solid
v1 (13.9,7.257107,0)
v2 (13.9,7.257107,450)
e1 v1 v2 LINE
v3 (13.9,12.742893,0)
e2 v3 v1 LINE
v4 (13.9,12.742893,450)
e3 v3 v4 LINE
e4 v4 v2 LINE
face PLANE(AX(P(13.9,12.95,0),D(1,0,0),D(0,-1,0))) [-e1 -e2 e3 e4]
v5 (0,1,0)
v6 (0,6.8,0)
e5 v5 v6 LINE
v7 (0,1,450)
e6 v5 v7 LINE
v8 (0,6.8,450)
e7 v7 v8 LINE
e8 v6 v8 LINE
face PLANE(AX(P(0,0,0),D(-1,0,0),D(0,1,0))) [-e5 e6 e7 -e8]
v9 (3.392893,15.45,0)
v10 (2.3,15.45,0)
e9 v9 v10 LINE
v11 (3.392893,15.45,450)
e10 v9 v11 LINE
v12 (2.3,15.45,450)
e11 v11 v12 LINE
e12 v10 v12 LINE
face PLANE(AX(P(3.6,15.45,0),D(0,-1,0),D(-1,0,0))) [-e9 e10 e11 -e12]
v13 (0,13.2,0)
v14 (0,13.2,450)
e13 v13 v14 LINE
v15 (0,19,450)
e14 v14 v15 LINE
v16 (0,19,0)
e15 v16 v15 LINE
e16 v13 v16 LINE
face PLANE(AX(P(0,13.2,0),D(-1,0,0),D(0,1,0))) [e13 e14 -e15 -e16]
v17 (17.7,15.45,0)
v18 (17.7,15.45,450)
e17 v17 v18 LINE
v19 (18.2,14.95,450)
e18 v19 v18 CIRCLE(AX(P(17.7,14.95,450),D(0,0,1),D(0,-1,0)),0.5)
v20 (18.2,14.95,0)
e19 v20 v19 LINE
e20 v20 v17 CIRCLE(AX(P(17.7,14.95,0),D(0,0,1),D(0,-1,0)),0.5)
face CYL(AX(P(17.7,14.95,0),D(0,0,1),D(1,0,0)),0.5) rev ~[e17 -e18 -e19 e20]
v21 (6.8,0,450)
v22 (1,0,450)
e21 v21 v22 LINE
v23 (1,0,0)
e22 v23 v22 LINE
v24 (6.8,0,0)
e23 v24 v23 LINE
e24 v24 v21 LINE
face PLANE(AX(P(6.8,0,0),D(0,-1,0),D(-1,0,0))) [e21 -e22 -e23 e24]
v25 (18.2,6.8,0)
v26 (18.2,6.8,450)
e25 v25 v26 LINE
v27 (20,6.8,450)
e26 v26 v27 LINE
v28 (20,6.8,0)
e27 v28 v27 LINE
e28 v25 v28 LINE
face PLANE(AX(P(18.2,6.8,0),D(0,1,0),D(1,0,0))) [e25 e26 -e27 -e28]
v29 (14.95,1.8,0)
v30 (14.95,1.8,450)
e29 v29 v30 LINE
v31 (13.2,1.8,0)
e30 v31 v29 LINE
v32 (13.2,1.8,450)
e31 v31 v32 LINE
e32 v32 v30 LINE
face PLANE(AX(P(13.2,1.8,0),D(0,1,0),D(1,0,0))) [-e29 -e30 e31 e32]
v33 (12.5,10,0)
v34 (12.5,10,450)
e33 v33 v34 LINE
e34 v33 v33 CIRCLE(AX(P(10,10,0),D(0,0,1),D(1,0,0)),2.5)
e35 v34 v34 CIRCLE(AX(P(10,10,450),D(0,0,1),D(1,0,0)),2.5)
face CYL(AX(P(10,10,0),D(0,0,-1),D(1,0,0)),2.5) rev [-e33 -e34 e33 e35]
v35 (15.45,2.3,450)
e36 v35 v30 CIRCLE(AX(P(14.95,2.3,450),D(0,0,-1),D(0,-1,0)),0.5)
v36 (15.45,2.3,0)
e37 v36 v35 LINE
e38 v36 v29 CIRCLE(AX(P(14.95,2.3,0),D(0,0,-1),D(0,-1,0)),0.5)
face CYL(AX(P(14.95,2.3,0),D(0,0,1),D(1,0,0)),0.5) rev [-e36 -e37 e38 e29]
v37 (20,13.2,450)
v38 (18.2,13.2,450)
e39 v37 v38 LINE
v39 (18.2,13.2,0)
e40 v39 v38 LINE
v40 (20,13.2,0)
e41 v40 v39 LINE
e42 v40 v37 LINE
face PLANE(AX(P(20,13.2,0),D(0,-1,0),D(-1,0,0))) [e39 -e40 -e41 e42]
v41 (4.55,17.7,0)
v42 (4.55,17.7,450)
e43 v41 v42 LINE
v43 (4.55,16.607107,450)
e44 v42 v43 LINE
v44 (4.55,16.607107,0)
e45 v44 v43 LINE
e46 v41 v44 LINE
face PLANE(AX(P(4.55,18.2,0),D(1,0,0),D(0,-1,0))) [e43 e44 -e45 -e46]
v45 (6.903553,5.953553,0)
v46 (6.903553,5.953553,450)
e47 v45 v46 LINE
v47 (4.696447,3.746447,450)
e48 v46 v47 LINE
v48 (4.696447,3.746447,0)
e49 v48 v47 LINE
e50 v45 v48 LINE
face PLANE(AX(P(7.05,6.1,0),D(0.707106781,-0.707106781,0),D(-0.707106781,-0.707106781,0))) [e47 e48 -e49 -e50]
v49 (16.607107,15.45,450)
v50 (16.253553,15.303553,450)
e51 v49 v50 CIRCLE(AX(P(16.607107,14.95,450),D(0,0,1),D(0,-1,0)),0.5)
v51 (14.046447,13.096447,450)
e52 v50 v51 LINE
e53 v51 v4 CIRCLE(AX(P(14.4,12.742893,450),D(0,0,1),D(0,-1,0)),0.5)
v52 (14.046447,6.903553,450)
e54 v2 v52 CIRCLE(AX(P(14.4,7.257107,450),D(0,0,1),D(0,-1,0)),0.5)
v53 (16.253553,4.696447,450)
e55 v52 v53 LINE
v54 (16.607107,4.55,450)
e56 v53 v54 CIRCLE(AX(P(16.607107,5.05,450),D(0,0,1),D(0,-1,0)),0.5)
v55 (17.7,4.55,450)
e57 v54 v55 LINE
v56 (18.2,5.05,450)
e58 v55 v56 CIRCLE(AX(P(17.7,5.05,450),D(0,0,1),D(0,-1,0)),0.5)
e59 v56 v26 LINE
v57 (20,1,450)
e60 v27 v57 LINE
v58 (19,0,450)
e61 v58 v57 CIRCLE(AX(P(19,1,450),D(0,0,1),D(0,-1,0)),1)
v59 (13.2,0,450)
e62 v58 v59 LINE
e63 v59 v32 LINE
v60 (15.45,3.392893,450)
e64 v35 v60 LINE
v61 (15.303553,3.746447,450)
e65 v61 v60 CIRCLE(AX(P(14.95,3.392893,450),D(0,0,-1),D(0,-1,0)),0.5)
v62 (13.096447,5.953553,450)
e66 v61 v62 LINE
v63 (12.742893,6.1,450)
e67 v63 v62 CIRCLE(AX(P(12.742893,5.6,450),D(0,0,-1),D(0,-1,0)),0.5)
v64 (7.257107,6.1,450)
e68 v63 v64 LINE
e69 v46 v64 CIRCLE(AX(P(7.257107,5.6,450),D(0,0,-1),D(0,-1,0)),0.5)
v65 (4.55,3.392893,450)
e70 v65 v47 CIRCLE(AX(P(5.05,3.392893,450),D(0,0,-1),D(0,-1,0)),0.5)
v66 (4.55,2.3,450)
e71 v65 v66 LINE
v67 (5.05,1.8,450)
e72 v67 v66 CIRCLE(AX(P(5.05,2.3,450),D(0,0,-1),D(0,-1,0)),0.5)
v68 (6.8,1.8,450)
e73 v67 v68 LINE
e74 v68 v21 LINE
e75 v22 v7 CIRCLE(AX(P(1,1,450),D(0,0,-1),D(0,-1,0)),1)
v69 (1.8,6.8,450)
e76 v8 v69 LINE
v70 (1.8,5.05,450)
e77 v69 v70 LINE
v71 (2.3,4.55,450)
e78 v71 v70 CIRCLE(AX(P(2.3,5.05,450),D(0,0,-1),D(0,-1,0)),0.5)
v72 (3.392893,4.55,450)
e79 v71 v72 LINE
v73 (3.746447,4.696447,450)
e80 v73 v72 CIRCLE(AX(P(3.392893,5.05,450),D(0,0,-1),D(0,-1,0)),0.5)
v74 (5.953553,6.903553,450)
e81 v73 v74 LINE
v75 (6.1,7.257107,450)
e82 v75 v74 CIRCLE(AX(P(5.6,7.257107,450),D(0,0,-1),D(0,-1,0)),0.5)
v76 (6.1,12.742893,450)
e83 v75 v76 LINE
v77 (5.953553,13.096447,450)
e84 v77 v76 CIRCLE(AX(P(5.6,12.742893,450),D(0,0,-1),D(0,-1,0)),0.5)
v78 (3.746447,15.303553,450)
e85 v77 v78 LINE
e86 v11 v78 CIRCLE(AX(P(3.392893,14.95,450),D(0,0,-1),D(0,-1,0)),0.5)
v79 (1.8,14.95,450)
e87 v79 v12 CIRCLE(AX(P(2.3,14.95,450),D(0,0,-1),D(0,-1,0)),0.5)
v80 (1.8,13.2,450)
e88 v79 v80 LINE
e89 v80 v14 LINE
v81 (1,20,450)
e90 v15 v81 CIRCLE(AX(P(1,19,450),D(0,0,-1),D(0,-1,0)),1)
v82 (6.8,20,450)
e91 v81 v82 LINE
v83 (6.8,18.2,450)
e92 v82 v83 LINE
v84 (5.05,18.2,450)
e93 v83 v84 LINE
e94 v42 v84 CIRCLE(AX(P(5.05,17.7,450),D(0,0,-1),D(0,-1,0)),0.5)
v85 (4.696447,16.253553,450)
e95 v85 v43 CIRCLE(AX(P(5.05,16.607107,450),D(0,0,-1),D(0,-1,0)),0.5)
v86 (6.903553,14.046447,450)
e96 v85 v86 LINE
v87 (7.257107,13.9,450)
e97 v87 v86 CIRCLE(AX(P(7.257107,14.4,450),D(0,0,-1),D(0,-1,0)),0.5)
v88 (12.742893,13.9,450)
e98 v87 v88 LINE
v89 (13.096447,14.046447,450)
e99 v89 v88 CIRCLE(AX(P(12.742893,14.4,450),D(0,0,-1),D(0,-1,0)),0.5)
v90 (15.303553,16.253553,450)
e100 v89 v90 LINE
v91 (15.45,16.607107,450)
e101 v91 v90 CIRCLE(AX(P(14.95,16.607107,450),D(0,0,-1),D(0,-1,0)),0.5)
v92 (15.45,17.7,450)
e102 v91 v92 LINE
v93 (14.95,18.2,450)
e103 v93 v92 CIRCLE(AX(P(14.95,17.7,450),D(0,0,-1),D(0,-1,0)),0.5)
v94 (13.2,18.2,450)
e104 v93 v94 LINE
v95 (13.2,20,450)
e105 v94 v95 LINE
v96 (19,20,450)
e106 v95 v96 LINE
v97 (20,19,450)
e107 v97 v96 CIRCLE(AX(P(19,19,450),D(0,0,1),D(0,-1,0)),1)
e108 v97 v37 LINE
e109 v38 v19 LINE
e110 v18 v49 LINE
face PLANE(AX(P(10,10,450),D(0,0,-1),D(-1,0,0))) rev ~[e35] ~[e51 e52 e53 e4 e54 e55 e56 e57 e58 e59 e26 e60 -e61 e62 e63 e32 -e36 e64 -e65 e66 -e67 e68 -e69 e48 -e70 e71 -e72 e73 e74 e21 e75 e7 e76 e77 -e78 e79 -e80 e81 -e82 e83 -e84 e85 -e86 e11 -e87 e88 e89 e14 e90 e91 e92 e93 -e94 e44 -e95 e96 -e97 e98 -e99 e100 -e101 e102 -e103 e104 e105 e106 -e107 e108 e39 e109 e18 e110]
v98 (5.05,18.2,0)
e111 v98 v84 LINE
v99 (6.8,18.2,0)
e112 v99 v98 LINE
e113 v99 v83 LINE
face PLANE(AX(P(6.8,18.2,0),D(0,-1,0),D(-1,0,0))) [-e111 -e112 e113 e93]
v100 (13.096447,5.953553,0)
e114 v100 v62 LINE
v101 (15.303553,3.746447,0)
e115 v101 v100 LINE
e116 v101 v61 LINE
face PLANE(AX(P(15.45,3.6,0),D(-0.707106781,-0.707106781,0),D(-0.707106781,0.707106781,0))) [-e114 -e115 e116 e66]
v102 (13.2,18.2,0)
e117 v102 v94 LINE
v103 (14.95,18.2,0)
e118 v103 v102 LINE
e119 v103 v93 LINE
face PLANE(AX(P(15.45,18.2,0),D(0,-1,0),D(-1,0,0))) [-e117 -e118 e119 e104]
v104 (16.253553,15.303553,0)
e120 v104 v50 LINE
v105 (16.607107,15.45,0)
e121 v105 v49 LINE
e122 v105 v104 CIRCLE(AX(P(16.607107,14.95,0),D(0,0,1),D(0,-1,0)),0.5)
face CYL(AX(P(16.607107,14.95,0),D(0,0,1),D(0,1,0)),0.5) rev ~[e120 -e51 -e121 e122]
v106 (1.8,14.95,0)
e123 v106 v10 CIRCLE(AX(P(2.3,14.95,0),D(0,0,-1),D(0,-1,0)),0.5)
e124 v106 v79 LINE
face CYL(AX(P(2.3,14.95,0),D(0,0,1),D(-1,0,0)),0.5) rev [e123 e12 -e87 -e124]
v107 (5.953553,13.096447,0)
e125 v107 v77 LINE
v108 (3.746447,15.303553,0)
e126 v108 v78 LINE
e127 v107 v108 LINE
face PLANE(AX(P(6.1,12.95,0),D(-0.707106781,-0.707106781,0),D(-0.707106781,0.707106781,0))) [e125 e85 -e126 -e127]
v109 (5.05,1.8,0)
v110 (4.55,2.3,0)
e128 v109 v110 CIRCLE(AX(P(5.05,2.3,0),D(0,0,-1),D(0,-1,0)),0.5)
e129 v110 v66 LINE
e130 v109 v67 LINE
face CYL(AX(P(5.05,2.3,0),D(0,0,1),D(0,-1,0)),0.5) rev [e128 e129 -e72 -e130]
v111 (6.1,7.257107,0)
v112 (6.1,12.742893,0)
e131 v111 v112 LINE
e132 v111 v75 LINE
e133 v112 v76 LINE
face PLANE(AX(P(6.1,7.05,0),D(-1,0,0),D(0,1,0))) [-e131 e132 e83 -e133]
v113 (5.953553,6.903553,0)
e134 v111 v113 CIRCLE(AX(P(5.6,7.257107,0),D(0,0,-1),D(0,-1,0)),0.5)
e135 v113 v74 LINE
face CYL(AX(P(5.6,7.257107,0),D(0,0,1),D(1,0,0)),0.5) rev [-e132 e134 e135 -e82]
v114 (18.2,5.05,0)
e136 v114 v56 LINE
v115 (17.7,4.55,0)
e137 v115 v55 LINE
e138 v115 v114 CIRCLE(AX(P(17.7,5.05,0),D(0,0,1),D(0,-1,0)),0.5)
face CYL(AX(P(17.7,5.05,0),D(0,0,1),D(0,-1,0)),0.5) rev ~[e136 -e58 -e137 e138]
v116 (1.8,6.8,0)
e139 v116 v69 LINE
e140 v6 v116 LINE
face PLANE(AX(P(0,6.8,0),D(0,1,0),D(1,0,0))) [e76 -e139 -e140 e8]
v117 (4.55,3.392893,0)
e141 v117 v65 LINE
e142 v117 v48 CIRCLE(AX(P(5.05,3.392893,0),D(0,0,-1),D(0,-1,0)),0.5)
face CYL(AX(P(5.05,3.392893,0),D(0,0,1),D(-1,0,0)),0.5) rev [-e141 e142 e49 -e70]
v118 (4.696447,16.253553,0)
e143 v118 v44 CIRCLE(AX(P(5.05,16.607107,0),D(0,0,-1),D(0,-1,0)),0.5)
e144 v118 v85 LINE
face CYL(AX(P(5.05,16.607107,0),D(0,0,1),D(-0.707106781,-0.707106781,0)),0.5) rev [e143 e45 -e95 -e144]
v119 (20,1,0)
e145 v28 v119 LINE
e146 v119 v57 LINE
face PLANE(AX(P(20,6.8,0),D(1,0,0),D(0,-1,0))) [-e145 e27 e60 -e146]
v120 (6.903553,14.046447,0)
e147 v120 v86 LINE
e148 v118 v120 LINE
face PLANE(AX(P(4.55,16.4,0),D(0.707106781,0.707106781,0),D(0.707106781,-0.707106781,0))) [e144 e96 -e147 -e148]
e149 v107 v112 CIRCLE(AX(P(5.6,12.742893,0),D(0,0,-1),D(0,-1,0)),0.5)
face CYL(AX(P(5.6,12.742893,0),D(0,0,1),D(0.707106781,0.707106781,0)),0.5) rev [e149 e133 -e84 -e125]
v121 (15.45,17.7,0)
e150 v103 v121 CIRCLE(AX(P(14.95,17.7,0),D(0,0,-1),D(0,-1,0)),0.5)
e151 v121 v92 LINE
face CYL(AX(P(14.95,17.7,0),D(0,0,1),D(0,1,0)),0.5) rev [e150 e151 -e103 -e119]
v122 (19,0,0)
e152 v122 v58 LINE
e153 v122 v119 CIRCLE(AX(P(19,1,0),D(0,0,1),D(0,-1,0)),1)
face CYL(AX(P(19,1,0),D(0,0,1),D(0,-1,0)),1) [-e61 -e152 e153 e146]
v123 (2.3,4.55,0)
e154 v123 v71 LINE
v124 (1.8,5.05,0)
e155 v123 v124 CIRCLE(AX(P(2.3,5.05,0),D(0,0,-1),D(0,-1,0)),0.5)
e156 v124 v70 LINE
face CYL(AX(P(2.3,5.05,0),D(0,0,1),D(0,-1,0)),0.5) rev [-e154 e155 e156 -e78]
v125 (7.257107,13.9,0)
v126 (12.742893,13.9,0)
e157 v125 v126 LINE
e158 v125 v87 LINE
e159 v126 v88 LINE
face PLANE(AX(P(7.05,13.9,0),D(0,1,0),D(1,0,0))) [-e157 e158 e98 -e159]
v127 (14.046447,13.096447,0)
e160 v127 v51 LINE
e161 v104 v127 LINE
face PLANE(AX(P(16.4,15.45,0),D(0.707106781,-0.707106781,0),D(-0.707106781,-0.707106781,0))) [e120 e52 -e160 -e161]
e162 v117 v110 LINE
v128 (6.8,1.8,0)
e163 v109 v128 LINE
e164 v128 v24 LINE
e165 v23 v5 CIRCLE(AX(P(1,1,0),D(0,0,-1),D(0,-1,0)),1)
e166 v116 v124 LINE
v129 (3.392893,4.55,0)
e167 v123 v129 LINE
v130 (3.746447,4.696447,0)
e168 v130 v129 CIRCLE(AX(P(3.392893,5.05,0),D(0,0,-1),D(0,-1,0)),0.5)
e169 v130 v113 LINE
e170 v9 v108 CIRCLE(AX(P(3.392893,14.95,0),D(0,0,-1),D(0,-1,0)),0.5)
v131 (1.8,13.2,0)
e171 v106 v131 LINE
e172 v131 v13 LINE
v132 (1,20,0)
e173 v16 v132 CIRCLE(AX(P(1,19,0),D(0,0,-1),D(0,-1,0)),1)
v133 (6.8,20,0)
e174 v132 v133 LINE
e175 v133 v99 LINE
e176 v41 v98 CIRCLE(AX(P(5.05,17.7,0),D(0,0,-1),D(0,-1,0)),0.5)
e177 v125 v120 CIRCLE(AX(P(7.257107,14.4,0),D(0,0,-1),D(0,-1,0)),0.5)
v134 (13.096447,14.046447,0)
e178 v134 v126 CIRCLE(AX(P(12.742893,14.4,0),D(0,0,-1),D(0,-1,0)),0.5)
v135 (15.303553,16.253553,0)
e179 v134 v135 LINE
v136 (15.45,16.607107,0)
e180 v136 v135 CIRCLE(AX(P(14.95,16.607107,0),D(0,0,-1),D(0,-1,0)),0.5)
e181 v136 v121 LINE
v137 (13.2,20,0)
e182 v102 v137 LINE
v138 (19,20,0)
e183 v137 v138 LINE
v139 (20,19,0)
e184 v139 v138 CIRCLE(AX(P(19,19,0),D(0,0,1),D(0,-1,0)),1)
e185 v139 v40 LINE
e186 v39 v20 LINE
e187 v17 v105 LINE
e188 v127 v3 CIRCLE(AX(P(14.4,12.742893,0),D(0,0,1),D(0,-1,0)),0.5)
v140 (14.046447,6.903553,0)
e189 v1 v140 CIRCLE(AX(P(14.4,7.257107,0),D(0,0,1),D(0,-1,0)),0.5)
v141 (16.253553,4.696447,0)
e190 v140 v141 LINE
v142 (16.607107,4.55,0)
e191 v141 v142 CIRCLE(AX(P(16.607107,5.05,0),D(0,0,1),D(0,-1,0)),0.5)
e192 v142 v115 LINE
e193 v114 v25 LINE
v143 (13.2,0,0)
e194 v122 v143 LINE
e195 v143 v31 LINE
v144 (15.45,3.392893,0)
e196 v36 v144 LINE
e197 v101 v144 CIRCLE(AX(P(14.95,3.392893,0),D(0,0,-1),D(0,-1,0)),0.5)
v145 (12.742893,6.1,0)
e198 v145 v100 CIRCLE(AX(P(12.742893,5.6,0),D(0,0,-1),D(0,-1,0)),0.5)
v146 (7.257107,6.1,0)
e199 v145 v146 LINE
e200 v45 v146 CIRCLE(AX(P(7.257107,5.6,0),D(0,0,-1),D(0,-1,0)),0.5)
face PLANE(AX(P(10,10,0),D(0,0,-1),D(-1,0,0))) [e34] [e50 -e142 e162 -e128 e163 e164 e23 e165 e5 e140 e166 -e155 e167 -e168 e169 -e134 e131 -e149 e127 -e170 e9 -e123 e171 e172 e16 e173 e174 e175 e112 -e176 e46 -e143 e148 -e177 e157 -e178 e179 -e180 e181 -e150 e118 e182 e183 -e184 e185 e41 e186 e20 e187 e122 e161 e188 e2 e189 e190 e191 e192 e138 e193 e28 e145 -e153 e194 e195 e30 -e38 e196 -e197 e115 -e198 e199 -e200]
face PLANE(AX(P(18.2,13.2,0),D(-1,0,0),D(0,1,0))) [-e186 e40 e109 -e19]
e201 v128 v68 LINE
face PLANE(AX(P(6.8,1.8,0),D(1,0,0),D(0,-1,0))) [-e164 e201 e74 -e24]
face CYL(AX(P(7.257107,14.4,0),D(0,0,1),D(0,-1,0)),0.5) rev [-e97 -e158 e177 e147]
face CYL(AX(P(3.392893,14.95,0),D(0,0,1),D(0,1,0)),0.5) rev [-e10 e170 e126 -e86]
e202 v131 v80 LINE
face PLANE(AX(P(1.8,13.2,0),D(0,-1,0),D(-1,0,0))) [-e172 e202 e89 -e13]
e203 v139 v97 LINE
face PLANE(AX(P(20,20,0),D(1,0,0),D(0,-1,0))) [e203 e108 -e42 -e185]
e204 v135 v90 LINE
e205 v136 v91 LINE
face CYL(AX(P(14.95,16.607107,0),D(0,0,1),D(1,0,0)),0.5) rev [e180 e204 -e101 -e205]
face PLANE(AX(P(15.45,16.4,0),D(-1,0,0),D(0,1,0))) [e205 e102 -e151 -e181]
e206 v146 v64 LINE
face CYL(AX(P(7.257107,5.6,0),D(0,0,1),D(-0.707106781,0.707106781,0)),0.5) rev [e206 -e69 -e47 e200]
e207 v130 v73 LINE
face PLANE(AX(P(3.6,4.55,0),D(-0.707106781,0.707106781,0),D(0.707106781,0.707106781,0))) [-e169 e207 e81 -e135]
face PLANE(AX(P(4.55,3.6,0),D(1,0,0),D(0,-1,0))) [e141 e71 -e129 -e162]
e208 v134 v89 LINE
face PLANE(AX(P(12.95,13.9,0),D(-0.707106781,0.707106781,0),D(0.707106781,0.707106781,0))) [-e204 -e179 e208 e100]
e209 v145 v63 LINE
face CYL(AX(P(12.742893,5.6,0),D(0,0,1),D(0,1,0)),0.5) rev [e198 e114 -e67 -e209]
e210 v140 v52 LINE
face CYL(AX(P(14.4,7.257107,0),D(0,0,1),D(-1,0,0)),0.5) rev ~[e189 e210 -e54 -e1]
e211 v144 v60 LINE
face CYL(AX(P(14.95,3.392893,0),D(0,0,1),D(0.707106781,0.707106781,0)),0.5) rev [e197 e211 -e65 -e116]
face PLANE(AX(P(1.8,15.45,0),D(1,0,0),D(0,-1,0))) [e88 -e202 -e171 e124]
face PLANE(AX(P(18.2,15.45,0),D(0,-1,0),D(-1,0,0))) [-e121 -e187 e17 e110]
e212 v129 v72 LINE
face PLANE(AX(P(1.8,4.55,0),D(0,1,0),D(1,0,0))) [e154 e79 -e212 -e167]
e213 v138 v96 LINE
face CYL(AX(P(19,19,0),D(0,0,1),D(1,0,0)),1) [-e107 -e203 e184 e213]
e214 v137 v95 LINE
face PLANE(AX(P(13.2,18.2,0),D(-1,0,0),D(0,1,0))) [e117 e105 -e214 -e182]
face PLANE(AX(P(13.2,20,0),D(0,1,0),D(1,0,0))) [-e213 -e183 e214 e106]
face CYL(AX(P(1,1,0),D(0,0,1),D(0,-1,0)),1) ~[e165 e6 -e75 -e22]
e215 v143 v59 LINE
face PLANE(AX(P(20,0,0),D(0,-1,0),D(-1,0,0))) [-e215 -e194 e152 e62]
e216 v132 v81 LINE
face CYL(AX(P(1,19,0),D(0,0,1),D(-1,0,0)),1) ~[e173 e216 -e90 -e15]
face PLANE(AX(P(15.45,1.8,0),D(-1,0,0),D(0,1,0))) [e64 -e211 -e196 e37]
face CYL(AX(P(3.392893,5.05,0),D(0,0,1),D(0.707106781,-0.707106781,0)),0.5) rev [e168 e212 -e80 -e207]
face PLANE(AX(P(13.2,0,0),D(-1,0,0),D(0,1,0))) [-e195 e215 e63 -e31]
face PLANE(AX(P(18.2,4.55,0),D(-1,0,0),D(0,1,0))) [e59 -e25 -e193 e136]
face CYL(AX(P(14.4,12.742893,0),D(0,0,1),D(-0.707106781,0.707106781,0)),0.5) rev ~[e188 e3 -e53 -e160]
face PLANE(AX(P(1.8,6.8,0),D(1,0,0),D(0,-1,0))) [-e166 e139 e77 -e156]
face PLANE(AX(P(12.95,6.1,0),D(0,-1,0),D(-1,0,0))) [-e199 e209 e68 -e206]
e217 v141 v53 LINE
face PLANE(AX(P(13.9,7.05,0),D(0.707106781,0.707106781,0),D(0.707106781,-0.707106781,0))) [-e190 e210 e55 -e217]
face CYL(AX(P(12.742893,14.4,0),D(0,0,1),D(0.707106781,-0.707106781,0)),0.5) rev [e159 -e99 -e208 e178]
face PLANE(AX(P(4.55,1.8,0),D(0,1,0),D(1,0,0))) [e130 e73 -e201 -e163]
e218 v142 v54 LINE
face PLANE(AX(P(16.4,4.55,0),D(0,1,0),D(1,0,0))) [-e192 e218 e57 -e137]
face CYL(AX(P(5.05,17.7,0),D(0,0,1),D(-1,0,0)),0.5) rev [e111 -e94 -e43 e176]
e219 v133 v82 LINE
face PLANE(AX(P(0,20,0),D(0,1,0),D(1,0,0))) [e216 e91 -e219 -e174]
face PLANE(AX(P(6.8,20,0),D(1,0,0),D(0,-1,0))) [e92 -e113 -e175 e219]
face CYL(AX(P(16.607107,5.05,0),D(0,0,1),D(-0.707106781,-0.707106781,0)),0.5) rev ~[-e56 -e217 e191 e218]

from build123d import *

# Parameters (mm, degrees)
SKETCH1_R           = 2.5
BOSS_EXTRUDE1_DEPTH = 450
FILLET1_R           = 1
FILLET2_R           = 0.5
FILLET3_R           = 0.5
FILLET4_R           = 0.5
FILLET5_R           = 0.5


with BuildPart() as part:
    # Sketch1 → Boss-Extrude1 (new body)
    with BuildSketch(Plane.XY):
        Polygon((13.2, 0), (13.2, 1.8), (15.45, 1.8), (15.45, 3.6), (12.95, 6.1), (7.05, 6.1), (4.55, 3.6), (4.55, 1.8), (6.8, 1.8), (6.8, 0), (0, 0), (0, 6.8), (1.8, 6.8), (1.8, 4.55), (3.6, 4.55), (6.1, 7.05), (6.1, 12.95), (3.6, 15.45), (1.8, 15.45), (1.8, 13.2), (0, 13.2), (0, 20), (6.8, 20), (6.8, 18.2), (4.55, 18.2), (4.55, 16.4), (7.05, 13.9), (12.95, 13.9), (15.45, 16.4), (15.45, 18.2), (13.2, 18.2), (13.2, 20), (20, 20), (20, 13.2), (18.2, 13.2), (18.2, 15.45), (16.4, 15.45), (13.9, 12.95), (13.9, 7.05), (16.4, 4.55), (18.2, 4.55), (18.2, 6.8), (20, 6.8), (20, 0), align=None)
        with Locations((10, 10)):
            Circle(SKETCH1_R, mode=Mode.SUBTRACT)
    extrude(amount=BOSS_EXTRUDE1_DEPTH)

    # Fillet1
    fillet1_edges = [part.edges().sort_by_distance(p)[0] for p in [
        (0, 0, 225),
        (0, 20, 225),
        (20, 20, 225),
        (20, 0, 225),
    ]]
    fillet(fillet1_edges, radius=FILLET1_R)

    # Fillet2
    fillet2_edges = [part.edges().sort_by_distance(p)[0] for p in [
        (4.55, 18.2, 225),
        (4.55, 16.4, 225),
        (7.05, 13.9, 225),
        (12.95, 13.9, 225),
        (15.45, 16.4, 225),
        (15.45, 18.2, 225),
    ]]
    fillet(fillet2_edges, radius=FILLET2_R)

    # Fillet3
    fillet3_edges = [part.edges().sort_by_distance(p)[0] for p in [
        (18.2, 15.45, 225),
        (16.4, 15.45, 225),
        (13.9, 12.95, 225),
        (13.9, 7.05, 225),
        (16.4, 4.55, 225),
        (18.2, 4.55, 225),
    ]]
    fillet(fillet3_edges, radius=FILLET3_R)

    # Fillet4
    fillet4_edges = [part.edges().sort_by_distance(p)[0] for p in [
        (1.8, 4.55, 225),
        (3.6, 4.55, 225),
        (6.1, 7.05, 225),
        (6.1, 12.95, 225),
        (3.6, 15.45, 225),
        (1.8, 15.45, 225),
    ]]
    fillet(fillet4_edges, radius=FILLET4_R)

    # Fillet5
    fillet5_edges = [part.edges().sort_by_distance(p)[0] for p in [
        (15.45, 1.8, 225),
        (15.45, 3.6, 225),
        (12.95, 6.1, 225),
        (7.05, 6.1, 225),
        (4.55, 3.6, 225),
        (4.55, 1.8, 225),
    ]]
    fillet(fillet5_edges, radius=FILLET5_R)


solid = part.part
